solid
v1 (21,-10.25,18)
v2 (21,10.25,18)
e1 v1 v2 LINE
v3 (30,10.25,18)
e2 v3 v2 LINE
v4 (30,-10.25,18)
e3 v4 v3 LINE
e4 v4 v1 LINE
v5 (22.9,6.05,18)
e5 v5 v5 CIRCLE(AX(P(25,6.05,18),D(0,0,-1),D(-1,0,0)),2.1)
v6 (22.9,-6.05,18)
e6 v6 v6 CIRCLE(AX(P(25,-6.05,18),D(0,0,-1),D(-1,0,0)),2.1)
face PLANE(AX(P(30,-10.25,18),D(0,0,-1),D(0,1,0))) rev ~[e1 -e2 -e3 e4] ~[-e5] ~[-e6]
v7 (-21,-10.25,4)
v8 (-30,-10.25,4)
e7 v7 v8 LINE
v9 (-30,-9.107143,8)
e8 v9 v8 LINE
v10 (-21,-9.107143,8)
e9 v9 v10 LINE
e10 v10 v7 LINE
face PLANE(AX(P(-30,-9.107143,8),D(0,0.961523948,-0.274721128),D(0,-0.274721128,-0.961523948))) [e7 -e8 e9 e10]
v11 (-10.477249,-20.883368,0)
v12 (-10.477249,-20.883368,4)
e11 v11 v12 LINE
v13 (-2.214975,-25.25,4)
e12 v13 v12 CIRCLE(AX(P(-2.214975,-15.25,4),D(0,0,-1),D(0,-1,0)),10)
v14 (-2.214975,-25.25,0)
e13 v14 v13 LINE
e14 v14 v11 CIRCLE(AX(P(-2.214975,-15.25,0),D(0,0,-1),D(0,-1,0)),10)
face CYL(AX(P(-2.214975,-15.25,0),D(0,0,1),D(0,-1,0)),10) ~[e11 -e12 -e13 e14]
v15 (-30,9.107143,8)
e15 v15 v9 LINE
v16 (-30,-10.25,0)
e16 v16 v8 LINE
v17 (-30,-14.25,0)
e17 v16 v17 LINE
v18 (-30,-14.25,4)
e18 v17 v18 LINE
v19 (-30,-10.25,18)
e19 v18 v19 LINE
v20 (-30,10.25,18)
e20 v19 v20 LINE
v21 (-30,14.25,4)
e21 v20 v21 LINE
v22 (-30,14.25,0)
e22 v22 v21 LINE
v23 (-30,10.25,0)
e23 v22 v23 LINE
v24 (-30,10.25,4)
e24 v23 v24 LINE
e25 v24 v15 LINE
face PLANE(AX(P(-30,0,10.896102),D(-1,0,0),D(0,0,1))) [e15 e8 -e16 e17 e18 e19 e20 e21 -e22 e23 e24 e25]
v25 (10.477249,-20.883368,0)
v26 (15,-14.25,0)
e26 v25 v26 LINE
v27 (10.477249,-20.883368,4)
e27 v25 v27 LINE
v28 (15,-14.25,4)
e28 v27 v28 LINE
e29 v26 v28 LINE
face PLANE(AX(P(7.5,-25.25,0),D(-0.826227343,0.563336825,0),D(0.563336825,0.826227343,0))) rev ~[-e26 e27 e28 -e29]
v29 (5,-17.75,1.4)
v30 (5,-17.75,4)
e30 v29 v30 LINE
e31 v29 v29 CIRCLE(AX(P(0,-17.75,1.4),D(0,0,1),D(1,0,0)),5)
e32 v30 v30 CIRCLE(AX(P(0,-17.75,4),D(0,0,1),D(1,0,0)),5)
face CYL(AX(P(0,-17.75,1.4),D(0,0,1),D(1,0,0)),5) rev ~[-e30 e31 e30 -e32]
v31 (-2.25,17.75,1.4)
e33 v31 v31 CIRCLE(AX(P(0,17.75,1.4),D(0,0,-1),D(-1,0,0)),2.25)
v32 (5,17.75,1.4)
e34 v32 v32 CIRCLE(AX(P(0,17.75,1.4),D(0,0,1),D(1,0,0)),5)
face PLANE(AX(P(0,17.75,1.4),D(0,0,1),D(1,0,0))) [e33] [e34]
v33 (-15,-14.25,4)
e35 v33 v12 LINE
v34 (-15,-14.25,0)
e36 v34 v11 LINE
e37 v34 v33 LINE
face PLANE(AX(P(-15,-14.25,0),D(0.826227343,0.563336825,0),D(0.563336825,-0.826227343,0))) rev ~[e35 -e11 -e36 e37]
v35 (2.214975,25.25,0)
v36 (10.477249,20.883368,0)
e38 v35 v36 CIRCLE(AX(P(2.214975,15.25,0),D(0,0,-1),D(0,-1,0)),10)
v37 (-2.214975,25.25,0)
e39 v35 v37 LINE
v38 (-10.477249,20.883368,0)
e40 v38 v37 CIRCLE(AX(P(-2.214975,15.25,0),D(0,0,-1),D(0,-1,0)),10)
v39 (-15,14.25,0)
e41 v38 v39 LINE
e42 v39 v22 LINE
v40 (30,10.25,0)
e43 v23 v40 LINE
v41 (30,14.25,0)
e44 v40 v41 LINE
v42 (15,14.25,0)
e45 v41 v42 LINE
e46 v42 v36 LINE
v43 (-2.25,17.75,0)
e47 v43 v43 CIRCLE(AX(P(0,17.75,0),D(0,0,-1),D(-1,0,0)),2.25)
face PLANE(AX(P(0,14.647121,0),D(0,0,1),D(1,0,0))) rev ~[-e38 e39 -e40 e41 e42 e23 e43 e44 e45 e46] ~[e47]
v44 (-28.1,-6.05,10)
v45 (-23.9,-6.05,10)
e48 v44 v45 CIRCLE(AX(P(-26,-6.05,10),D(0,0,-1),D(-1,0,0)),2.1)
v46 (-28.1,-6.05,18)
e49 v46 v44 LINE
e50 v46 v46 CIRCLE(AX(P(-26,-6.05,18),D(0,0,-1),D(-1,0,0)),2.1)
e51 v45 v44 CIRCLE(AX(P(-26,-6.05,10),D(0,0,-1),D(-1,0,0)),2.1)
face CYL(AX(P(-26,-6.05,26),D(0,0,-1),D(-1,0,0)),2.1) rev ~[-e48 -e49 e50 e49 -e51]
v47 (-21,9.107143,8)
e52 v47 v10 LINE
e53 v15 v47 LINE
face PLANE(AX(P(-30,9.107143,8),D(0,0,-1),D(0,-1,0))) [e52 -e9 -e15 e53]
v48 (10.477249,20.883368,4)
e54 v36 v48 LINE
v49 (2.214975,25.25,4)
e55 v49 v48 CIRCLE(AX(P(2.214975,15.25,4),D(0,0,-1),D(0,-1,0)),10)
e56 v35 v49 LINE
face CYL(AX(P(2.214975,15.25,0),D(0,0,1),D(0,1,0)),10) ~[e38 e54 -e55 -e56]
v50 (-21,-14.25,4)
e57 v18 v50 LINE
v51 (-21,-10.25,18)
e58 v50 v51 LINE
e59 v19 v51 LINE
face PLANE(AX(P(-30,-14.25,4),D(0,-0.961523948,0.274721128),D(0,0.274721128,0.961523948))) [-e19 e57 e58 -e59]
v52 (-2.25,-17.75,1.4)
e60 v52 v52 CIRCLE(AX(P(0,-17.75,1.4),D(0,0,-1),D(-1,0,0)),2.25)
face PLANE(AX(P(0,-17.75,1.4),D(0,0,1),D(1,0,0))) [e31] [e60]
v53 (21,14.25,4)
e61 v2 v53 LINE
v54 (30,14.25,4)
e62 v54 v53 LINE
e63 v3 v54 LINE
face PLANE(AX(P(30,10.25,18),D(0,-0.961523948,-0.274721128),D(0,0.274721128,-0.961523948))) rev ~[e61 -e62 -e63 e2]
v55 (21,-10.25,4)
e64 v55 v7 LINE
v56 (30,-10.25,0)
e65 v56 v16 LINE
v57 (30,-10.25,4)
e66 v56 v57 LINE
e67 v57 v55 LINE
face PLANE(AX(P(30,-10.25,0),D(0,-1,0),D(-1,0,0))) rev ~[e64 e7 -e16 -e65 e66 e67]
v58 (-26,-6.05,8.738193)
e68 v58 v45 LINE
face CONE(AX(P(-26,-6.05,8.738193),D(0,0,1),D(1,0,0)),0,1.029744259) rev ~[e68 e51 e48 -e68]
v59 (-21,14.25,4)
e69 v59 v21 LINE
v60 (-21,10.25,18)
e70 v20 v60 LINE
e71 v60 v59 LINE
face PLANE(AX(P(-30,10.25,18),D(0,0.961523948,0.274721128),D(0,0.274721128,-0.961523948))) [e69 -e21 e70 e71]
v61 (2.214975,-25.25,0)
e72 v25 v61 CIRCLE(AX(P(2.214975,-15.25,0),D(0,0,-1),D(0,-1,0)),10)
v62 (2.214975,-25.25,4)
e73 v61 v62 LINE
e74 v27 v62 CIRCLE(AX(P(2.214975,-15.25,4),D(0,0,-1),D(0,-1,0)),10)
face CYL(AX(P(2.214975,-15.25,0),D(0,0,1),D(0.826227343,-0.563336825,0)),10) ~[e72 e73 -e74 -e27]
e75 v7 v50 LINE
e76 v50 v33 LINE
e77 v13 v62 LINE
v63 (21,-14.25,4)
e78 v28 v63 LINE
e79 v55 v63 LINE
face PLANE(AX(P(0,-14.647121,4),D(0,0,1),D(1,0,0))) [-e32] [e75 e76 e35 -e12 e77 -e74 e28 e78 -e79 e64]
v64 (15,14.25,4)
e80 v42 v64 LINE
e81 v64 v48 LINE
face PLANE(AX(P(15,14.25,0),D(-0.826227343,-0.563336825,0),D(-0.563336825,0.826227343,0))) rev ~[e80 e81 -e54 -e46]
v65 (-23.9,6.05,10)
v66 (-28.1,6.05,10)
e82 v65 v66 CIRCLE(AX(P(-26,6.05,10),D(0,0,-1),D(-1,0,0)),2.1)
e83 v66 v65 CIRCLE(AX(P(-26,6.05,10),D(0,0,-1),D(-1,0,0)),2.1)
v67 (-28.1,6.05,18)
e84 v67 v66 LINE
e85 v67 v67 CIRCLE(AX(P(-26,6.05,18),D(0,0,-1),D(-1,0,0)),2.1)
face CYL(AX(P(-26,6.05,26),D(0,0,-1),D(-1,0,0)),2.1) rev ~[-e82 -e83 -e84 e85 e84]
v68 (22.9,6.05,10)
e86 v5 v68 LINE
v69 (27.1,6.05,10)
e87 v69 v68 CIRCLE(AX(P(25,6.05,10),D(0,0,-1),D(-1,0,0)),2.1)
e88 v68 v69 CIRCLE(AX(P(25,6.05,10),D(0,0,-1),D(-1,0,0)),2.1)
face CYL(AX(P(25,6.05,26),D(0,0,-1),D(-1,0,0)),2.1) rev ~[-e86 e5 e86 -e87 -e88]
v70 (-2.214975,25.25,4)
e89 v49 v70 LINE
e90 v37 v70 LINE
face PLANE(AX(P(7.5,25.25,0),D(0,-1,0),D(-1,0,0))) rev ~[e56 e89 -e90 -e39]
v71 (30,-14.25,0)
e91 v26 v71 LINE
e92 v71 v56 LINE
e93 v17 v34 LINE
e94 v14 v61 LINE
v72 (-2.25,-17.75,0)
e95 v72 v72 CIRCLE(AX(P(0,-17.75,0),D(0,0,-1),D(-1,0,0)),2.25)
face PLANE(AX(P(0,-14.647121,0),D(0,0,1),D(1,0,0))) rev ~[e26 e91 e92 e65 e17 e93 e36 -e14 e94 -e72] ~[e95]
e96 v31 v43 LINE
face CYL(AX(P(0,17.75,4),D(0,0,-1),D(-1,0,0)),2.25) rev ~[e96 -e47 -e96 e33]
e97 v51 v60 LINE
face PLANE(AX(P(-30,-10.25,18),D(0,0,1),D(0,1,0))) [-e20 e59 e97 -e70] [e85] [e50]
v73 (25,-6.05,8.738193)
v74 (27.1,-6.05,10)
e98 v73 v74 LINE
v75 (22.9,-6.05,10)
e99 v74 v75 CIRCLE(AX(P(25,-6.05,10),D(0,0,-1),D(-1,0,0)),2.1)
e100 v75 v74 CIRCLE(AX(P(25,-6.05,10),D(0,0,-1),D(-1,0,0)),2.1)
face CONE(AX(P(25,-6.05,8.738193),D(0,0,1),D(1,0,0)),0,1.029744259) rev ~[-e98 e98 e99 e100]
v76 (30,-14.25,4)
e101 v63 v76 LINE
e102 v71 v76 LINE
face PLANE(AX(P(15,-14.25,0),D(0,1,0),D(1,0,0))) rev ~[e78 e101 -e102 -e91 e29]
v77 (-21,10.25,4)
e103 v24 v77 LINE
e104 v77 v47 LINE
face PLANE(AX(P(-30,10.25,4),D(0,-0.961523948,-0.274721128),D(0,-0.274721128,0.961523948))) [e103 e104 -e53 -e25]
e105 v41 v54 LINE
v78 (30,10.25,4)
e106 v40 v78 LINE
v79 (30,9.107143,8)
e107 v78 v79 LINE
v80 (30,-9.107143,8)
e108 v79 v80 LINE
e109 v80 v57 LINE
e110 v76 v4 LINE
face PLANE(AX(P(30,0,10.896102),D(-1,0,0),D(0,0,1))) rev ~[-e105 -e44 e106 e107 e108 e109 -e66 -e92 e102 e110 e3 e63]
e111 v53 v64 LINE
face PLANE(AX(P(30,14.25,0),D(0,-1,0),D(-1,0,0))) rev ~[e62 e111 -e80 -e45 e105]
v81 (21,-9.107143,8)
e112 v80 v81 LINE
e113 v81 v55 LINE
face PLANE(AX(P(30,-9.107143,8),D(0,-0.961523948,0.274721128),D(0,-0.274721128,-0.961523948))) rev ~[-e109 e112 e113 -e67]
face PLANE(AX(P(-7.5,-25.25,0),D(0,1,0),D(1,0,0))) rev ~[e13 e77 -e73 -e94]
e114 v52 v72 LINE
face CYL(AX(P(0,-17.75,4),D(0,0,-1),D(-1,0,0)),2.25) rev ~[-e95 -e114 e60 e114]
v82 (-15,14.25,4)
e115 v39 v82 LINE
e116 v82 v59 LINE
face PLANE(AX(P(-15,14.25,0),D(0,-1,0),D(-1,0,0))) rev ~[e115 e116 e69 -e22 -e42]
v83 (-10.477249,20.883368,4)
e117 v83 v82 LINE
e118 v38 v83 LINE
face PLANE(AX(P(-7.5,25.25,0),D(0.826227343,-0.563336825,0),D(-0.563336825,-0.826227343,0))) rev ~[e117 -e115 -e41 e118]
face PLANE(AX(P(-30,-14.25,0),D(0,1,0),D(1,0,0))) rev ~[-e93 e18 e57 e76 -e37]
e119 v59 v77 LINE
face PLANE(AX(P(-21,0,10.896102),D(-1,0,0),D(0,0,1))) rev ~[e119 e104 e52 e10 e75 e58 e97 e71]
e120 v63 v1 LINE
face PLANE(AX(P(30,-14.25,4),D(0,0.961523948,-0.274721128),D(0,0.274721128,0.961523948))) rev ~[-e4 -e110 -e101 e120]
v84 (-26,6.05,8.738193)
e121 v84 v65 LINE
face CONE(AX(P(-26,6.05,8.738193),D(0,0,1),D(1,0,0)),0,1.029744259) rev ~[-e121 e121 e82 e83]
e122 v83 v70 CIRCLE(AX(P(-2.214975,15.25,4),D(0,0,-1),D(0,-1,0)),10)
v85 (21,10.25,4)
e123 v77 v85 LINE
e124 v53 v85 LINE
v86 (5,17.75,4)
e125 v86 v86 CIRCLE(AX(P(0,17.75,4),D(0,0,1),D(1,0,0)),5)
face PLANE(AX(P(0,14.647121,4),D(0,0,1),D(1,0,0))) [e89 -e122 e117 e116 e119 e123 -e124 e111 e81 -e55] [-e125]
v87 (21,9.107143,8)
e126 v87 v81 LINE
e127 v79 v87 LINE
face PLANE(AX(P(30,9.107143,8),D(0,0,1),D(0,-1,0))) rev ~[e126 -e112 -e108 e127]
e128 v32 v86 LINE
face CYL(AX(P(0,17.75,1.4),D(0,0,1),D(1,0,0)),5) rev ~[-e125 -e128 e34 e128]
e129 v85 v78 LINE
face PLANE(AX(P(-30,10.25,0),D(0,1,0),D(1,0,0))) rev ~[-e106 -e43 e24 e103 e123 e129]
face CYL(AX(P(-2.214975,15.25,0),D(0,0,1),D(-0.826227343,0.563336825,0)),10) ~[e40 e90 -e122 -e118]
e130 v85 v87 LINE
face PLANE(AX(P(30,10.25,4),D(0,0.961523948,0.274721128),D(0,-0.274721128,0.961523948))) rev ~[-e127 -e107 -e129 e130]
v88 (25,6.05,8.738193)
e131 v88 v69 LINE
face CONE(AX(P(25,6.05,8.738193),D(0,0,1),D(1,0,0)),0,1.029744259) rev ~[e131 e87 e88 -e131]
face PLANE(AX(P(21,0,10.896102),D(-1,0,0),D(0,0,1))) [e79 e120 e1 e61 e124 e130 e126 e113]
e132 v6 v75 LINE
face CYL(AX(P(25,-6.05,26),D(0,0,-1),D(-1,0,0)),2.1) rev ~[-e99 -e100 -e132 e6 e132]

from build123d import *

# Parameters (mm, degrees)
ESTRUSIONE_ESTRUSIONE1_DEPTH                         = 4
ESTRUSIONE_ESTRUSIONE1_2_DEPTH                       = 4
ESTRUSIONE_ESTRUSIONE2_DEPTH                         = 9
ESTRUSIONE_ESTRUSIONE3_DEPTH                         = 9
RACCORDO1_R                                          = 10
FORO_LAMATO_PER_VITE_M4_A_TESTA_CILINDRI_D           = 4.5
FORO_LAMATO_PER_VITE_M4_A_TESTA_CILINDRI_DEPTH       = 34
FORO_LAMATO_PER_VITE_M4_A_TESTA_CILINDRI_CBORE_D     = 10
FORO_LAMATO_PER_VITE_M4_A_TESTA_CILINDRI_CBORE_DEPTH = 2.6
FORO_LAMATO_PER_VITE_M4_A_TESTA_CILINDRI_TIP         = 1.351936393
FORO_PER_VITE_M4_1_D                                 = 4.2
FORO_PER_VITE_M4_1_DEPTH                             = 8
FORO_PER_VITE_M4_1_TIP                               = 1.2618073


with BuildPart() as part:
    # Schizzo3 → Estrusione-Estrusione1 (new body)
    with BuildSketch(Plane.XY):
        Polygon((-30, 10.25), (30, 10.25), (30, 14.25), (15, 14.25), (7.5, 25.25), (-7.5, 25.25), (-15, 14.25), (-30, 14.25), align=None)
    extrude(amount=ESTRUSIONE_ESTRUSIONE1_DEPTH)



with BuildPart() as body_2:
    # Schizzo3 → Estrusione-Estrusione1 2 (new body)
    with BuildSketch(Plane.XY):
        Polygon((30, -10.25), (-30, -10.25), (-30, -14.25), (-15, -14.25), (-7.5, -25.25), (7.5, -25.25), (15, -14.25), (30, -14.25), align=None)
    extrude(amount=ESTRUSIONE_ESTRUSIONE1_2_DEPTH)


with BuildPart() as part_1:
    add(part.part)

    add(body_2.part)  # Estrusione-Estrusione2 merges body 2
    # Schizzo4 → Estrusione-Estrusione2 (add)
    with BuildSketch(Plane.ZY.offset(30)):
        Polygon((18, 10.25), (4, 14.25), (4, 10.25), (8, 9.107142857), (8, -9.107142857), (4, -10.25), (4, -14.25), (18, -10.25), align=None)
    extrude(amount=-ESTRUSIONE_ESTRUSIONE2_DEPTH)

    # Schizzo5 → Estrusione-Estrusione3 (add)
    with BuildSketch(Plane(origin=(30, 0, 0), x_dir=(0, 0, -1), z_dir=(1, 0, 0))):
        Polygon((-4, -14.25), (-18, -10.25), (-18, 10.25), (-4, 14.25), (-4, 10.25), (-8, 9.107142857), (-8, -9.107142857), (-4, -10.25), align=None)
    extrude(amount=-ESTRUSIONE_ESTRUSIONE3_DEPTH)

    # Raccordo1
    raccordo1_edges = [part_1.edges().sort_by_distance(p)[0] for p in [
        (-7.5, 25.25, 2),
        (7.5, 25.25, 2),
        (-7.5, -25.25, 2),
        (7.5, -25.25, 2),
    ]]
    fillet(raccordo1_edges, radius=RACCORDO1_R)

    # Foro lamato per Vite M4 a testa cilindrica piana-1
    with Locations(Plane.XY.offset(4)):
        with Locations((0, 17.75), (0, -17.75)):
            CounterBoreHole(FORO_LAMATO_PER_VITE_M4_A_TESTA_CILINDRI_D / 2, FORO_LAMATO_PER_VITE_M4_A_TESTA_CILINDRI_CBORE_D / 2, FORO_LAMATO_PER_VITE_M4_A_TESTA_CILINDRI_CBORE_DEPTH, depth=FORO_LAMATO_PER_VITE_M4_A_TESTA_CILINDRI_DEPTH)
            with Locations((0, 0, -(FORO_LAMATO_PER_VITE_M4_A_TESTA_CILINDRI_DEPTH + FORO_LAMATO_PER_VITE_M4_A_TESTA_CILINDRI_TIP / 2))):  # 118° drill point
                Cone(0, FORO_LAMATO_PER_VITE_M4_A_TESTA_CILINDRI_D / 2, FORO_LAMATO_PER_VITE_M4_A_TESTA_CILINDRI_TIP, mode=Mode.SUBTRACT)

    # Foro per Vite M4-1
    with Locations(Plane.XY.offset(18)):
        with Locations((-26, -6.05), (25, 6.05), (25, -6.05), (-26, 6.05)):
            Hole(FORO_PER_VITE_M4_1_D / 2, depth=FORO_PER_VITE_M4_1_DEPTH)
            with Locations((0, 0, -(FORO_PER_VITE_M4_1_DEPTH + FORO_PER_VITE_M4_1_TIP / 2))):  # 118° drill point
                Cone(0, FORO_PER_VITE_M4_1_D / 2, FORO_PER_VITE_M4_1_TIP, mode=Mode.SUBTRACT)


solid = part_1.part
